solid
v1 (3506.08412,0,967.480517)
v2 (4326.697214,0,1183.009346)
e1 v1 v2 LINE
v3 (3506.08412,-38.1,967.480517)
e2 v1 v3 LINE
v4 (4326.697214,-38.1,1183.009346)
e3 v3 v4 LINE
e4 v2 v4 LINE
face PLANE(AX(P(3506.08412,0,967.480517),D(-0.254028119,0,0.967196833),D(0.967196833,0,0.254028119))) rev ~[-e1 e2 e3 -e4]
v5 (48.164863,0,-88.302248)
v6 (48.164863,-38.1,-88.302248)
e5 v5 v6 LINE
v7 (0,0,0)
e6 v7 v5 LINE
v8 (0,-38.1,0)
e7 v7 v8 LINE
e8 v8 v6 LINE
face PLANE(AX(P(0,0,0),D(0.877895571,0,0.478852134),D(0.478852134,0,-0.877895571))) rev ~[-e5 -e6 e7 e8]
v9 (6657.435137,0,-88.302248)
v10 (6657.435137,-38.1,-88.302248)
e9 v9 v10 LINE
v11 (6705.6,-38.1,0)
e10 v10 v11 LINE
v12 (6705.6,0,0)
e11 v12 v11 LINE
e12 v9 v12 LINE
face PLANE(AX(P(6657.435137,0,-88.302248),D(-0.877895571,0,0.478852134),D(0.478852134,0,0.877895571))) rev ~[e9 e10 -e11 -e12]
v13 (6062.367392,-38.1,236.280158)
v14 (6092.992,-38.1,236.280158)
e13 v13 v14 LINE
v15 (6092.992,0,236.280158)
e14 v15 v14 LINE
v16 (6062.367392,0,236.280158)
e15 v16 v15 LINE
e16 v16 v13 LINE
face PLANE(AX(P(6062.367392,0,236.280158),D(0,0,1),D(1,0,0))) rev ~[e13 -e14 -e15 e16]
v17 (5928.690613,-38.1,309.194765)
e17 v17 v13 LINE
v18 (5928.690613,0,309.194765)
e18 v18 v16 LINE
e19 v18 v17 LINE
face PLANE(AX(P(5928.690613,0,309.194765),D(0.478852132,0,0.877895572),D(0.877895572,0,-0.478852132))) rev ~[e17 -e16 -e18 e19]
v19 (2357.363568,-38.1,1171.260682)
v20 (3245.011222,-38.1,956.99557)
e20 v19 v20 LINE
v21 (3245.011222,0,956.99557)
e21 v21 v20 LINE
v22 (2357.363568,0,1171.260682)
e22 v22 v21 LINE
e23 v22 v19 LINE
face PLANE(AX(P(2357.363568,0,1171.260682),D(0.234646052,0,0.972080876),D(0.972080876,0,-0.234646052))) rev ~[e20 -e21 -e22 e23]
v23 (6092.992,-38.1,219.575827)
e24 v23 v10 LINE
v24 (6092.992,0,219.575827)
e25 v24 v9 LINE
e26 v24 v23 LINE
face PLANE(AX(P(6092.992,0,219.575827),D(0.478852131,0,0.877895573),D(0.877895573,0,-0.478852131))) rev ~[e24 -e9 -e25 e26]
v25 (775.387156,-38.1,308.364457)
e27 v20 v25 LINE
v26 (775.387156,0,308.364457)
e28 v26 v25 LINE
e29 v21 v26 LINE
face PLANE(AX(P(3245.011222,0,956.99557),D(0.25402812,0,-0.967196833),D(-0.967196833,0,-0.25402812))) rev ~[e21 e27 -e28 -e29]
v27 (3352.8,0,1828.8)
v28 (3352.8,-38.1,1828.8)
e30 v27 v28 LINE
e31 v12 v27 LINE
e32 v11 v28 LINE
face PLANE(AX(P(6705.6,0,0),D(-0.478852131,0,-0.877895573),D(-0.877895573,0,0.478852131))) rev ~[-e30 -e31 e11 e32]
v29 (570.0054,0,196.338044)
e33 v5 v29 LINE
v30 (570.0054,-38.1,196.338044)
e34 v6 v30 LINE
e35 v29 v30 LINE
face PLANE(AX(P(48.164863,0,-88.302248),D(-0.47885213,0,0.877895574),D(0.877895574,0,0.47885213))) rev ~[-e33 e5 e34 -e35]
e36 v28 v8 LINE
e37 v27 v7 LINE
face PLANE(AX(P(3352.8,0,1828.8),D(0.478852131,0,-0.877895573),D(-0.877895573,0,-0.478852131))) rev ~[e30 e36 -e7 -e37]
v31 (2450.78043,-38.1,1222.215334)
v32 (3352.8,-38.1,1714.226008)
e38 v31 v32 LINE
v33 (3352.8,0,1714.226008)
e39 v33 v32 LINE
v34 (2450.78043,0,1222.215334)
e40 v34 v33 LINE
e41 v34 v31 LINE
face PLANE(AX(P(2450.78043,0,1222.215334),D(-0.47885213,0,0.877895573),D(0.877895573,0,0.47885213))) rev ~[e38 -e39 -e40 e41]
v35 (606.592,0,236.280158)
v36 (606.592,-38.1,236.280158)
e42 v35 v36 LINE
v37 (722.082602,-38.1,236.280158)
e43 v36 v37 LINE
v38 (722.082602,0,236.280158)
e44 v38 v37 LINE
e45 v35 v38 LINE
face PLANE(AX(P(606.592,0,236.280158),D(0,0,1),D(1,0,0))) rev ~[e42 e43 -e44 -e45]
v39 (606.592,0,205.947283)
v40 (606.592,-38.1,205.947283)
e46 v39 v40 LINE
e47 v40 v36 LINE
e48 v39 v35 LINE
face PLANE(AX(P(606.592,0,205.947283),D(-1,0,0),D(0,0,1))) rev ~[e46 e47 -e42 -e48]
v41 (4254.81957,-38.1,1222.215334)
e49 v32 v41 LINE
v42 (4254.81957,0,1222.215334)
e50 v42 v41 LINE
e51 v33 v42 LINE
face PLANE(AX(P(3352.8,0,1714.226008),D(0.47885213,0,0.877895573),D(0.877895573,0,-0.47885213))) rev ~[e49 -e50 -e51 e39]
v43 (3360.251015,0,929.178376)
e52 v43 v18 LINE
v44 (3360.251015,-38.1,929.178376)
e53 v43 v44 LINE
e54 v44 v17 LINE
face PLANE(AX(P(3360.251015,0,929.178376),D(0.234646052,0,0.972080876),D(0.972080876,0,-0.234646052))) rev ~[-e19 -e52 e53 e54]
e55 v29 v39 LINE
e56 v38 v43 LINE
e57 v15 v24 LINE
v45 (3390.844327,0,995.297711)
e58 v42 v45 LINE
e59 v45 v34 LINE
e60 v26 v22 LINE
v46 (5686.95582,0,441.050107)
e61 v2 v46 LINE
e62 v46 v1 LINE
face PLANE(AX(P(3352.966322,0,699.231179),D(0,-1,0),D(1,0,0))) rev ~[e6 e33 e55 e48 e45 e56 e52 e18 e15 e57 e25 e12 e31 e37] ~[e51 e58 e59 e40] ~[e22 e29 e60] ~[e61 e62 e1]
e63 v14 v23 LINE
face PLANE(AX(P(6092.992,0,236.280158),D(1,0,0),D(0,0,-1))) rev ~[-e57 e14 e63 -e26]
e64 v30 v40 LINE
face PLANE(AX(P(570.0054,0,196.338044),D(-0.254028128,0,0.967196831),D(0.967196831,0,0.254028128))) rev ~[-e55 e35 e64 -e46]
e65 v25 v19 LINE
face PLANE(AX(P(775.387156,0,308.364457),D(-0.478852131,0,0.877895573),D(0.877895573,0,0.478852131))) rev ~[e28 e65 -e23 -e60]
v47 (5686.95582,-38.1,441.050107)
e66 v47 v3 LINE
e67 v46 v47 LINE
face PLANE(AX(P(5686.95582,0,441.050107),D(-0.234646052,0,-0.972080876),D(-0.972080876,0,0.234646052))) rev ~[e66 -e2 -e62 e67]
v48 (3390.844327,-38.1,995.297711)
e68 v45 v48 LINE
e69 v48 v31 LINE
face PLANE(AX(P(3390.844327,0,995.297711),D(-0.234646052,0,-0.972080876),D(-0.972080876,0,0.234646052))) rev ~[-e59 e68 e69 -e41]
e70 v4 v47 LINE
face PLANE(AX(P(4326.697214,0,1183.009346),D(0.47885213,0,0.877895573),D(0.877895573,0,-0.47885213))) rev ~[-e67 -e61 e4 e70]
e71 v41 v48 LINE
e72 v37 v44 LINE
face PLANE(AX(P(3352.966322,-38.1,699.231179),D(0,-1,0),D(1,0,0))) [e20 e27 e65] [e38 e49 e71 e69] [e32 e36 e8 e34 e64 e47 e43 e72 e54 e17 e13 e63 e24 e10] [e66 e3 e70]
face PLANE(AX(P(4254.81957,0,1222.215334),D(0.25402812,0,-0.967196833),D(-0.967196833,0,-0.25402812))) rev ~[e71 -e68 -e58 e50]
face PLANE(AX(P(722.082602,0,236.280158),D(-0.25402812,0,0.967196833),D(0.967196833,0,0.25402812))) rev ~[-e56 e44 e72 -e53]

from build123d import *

# Parameters (mm, degrees)
F1_DEPTH = 38.1


with BuildPart() as f1:
    # F0 (on Front) → F1 (new body)
    with BuildSketch(Plane.XZ):
        Polygon((3352.8, 1828.8), (0, 0), (48.164863, -88.302248), (570.0054, 196.338044), (606.592, 205.947283), (606.592, 236.280158), (722.082602, 236.280158), (3360.251015, 929.178376), (5928.690613, 309.194765), (6062.367392, 236.280158), (6092.992, 236.280158), (6092.992, 219.575827), (6657.435137, -88.302248), (6705.6, 0), align=None)
        Polygon((3245.011222, 956.99557), (775.387156, 308.364457), (2357.363568, 1171.260682), align=None, mode=Mode.SUBTRACT)
        Polygon((5686.95582, 441.050107), (3506.08412, 967.480517), (4326.697214, 1183.009346), align=None, mode=Mode.SUBTRACT)
        Polygon((2450.78043, 1222.215334), (3352.8, 1714.226008), (4254.81957, 1222.215334), (3390.844327, 995.297711), align=None, mode=Mode.SUBTRACT)
    extrude(amount=F1_DEPTH)


solid = f1.part
